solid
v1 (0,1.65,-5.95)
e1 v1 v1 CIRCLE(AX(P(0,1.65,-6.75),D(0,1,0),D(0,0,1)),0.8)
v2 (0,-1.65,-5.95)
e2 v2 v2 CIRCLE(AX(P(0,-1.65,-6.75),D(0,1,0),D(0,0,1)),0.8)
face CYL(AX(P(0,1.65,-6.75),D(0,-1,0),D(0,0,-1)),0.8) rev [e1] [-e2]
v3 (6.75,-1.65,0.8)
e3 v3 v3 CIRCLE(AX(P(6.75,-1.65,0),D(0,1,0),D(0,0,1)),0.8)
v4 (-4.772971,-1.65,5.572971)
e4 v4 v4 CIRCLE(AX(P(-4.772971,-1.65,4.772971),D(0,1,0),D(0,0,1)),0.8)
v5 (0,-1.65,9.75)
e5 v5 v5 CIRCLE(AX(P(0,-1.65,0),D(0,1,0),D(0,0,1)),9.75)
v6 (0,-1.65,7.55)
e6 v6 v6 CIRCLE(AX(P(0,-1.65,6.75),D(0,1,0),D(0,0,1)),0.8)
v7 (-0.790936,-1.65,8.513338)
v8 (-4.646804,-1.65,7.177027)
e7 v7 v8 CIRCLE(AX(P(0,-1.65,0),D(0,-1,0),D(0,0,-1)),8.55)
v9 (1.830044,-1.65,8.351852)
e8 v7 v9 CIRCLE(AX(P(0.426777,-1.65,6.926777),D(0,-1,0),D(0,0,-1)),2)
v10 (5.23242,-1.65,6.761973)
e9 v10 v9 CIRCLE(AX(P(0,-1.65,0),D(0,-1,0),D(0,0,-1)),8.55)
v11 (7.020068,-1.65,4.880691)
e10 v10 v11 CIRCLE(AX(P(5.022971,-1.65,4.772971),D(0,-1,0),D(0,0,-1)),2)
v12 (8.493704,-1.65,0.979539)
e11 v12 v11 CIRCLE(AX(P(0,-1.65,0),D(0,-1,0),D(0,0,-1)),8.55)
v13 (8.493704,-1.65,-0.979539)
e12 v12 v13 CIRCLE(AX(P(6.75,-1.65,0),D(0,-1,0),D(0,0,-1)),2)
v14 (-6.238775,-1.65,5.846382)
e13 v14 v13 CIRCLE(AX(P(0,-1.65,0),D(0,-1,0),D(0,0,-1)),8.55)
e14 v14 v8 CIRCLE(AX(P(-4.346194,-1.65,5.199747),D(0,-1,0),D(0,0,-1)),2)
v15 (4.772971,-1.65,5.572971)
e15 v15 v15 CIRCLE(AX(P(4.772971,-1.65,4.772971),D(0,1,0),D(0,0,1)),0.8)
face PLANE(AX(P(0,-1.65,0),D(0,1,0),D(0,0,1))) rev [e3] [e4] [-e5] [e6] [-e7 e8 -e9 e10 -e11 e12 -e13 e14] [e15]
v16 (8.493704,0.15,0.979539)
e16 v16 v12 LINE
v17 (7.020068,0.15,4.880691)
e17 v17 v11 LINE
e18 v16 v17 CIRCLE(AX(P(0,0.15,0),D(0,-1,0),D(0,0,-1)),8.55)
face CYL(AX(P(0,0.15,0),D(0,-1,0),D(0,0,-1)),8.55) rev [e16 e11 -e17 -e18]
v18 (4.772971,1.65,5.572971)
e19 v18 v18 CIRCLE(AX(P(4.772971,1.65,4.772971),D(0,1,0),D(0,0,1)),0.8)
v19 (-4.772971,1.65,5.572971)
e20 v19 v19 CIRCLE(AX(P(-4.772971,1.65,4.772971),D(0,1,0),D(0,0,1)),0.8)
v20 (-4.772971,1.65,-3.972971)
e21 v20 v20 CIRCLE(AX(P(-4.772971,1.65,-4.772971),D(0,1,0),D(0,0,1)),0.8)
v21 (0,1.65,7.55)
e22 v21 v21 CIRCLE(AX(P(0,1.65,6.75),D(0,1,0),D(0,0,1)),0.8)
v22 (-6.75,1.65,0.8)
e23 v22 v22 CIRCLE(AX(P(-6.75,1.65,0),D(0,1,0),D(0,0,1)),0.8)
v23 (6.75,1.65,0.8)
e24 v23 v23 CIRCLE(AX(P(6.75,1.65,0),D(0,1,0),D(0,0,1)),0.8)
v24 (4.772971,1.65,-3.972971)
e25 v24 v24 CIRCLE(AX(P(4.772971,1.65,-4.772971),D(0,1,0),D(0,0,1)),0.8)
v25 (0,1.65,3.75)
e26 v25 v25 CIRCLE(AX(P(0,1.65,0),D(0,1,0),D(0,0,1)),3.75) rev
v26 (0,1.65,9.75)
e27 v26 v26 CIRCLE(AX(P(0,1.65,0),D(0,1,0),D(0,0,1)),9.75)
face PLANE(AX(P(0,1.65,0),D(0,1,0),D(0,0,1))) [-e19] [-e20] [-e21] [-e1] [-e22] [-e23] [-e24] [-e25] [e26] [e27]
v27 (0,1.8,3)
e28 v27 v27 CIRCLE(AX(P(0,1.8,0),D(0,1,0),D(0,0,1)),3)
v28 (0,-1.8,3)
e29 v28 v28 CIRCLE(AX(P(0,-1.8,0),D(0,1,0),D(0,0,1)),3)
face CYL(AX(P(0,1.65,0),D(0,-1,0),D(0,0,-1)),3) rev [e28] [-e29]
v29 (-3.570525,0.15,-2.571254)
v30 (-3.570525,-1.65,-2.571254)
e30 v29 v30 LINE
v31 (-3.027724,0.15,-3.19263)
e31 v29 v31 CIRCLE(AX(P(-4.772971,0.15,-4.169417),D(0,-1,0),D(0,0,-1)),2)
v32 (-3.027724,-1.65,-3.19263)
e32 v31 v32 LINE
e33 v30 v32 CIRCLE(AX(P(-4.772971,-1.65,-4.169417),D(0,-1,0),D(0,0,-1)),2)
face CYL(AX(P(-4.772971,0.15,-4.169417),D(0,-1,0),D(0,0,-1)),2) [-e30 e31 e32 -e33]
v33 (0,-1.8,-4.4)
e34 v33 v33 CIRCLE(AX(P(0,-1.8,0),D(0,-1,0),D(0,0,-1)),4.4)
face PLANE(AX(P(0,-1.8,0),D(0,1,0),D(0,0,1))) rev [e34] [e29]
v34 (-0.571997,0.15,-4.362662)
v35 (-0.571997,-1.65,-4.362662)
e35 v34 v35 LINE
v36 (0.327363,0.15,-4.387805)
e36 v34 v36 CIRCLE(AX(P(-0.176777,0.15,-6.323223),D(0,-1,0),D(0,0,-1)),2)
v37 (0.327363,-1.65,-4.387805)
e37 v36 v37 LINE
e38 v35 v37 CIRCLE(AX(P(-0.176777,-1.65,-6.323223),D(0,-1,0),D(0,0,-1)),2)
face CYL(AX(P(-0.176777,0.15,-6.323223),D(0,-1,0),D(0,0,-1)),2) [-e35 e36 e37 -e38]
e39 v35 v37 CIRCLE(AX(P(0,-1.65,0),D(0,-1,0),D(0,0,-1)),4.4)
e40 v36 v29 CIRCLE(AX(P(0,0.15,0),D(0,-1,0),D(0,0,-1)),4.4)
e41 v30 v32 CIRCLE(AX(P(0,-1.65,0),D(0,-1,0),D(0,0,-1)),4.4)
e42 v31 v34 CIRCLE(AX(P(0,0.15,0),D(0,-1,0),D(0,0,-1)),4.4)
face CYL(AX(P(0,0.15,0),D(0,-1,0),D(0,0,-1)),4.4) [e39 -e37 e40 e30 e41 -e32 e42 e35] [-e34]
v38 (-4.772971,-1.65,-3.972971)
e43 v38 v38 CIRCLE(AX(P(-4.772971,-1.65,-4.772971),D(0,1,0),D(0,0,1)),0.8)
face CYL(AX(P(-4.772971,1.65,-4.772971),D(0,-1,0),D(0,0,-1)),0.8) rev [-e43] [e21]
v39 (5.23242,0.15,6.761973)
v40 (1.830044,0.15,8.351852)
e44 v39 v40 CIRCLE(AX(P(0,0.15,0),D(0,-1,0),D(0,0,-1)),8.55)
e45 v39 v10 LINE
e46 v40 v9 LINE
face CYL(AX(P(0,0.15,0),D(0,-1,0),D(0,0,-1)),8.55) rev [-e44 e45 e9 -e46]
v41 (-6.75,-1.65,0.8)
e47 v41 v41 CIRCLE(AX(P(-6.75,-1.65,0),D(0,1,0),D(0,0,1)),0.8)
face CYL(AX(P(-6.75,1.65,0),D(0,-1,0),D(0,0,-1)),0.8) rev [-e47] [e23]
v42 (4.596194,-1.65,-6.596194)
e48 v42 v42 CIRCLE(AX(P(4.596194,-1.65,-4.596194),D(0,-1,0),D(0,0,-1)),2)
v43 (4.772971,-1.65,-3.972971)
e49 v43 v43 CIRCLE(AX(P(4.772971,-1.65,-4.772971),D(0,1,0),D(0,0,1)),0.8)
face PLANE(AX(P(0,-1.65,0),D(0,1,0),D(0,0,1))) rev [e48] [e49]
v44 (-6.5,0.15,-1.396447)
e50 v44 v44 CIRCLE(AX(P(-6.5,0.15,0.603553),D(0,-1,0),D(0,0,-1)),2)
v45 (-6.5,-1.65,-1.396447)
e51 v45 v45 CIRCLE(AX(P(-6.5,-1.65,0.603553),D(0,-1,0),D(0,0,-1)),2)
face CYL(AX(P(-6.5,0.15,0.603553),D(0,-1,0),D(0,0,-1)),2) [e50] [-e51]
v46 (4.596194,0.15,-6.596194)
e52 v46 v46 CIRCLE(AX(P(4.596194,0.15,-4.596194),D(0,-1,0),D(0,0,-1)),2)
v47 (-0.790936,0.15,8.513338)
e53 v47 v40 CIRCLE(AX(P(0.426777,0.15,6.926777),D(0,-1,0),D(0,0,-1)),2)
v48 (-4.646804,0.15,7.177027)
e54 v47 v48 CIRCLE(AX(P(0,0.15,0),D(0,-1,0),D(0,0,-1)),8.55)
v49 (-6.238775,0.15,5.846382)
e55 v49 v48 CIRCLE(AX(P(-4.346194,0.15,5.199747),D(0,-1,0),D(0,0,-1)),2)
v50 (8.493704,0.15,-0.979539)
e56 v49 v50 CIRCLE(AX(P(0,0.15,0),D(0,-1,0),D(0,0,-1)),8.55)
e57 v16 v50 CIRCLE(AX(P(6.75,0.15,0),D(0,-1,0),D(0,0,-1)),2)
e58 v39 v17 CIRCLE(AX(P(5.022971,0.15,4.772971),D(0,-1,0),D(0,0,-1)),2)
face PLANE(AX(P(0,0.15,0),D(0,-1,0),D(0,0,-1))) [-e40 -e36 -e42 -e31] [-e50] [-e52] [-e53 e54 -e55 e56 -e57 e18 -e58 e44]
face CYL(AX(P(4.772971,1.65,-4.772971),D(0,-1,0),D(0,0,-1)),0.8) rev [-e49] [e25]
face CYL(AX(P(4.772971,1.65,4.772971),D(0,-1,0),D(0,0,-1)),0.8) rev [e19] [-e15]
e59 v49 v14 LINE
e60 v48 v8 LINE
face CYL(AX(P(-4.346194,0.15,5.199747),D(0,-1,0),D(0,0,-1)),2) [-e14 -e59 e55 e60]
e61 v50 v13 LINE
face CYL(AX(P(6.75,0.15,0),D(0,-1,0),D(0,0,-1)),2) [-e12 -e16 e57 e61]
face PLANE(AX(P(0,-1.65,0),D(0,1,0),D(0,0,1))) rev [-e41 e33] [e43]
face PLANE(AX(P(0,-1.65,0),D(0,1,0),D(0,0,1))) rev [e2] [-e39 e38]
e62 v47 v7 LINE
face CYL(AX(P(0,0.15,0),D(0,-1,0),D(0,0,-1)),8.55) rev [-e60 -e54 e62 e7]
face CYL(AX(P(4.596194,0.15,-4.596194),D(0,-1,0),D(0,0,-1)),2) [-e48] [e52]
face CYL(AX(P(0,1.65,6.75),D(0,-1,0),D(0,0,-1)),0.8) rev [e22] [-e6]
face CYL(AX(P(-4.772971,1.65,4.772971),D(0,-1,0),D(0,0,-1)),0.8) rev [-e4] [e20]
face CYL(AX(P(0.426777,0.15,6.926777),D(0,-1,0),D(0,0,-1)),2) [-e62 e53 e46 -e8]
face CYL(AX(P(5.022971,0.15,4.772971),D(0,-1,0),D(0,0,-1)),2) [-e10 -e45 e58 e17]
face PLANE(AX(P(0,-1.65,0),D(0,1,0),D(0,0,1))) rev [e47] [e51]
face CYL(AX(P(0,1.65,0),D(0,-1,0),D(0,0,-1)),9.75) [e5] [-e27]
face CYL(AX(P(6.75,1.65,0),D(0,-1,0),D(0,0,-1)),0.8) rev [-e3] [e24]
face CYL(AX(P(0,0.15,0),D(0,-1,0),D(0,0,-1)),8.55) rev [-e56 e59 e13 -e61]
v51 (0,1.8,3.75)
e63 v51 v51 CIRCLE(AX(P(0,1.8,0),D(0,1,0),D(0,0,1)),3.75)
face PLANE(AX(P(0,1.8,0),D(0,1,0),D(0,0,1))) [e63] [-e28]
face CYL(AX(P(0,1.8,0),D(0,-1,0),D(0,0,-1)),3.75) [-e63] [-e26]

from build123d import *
from build123d.topology import SkipClean

# Parameters (mm, degrees)
CROQUIS1_R              = 9.75
CROQUIS1_R_2            = 0.8
CROQUIS1_R_3            = 3
SALIENTE_EXTRUIR1_DEPTH = 1.65
CROQUIS1_3_R            = 3.75
CROQUIS1_3_R_2          = 3
SALIENTE_EXTRUIR2_DEPTH = 1.8
CROQUIS2_R              = 2
CORTAR_EXTRUIR3_DEPTH   = 1.8
SALIENTE_EXTRUIR3_START = 0.15
CROQUIS3_R              = 4.4
CROQUIS3_R_2            = 3
SALIENTE_EXTRUIR3_DEPTH = 0.15


with BuildPart() as part:
    # Croquis1 → Saliente-Extruir1 (new, symmetric)
    with BuildSketch(Plane(origin=(0, 0, 0), x_dir=(1, 0, 0), z_dir=(0, 1, 0))):
        Circle(CROQUIS1_R)
        with Locations((-4.772970773, -4.772970773)):
            Circle(CROQUIS1_R_2, mode=Mode.SUBTRACT)
        with Locations((0, -6.75)):
            Circle(CROQUIS1_R_2, mode=Mode.SUBTRACT)
        with Locations((4.772970773, -4.772970773)):
            Circle(CROQUIS1_R_2, mode=Mode.SUBTRACT)
        with Locations((-6.75, 0)):
            Circle(CROQUIS1_R_2, mode=Mode.SUBTRACT)
        with Locations((-4.772970773, 4.772970773)):
            Circle(CROQUIS1_R_2, mode=Mode.SUBTRACT)
        with Locations((4.772970773, 4.772970773)):
            Circle(CROQUIS1_R_2, mode=Mode.SUBTRACT)
        with Locations((6.75, 0)):
            Circle(CROQUIS1_R_2, mode=Mode.SUBTRACT)
        with Locations((0, 6.75)):
            Circle(CROQUIS1_R_2, mode=Mode.SUBTRACT)
        Circle(CROQUIS1_R_3, mode=Mode.SUBTRACT)
    extrude(amount=SALIENTE_EXTRUIR1_DEPTH, both=True)

    # Croquis1<3> → Saliente-Extruir2 (add, symmetric)
    with BuildSketch(Plane(origin=(0, 0, 0), x_dir=(1, 0, 0), z_dir=(0, 1, 0))):
        Circle(CROQUIS1_3_R)
        Circle(CROQUIS1_3_R_2, mode=Mode.SUBTRACT)
    extrude(amount=SALIENTE_EXTRUIR2_DEPTH, both=True)

    # Croquis2 → Cortar-Extruir3 (cut)
    with BuildSketch(Plane.XZ.offset(1.65)):
        with BuildLine():
            ThreePointArc((8.493703704, -0.979539378), (4.75, 0), (8.493703704, 0.979539378))
            ThreePointArc((8.493703704, 0.979539378), (7.998376267, 3.021336972), (7.02006773, 4.880691454))
            ThreePointArc((7.02006773, 4.880691454), (7.02224488, 4.826850669), (7.022970773, 4.772970773))
            ThreePointArc((7.022970773, 4.772970773), (3.536549224, 3.434856062), (5.232419794, 6.761973314))
            ThreePointArc((5.232419794, 6.761973314), (3.619603246, 7.746029457), (1.830044014, 8.351852424))
            ThreePointArc((1.830044014, 8.351852424), (2.27157135, 7.69926144), (2.426776695, 6.926776695))
            ThreePointArc((2.426776695, 6.926776695), (-0.457693454, 5.132978336), (-0.79093586, 8.513337798))
            ThreePointArc((-0.79093586, 8.513337798), (-2.79976514, 8.078602303), (-4.646803784, 7.177026863))
            ThreePointArc((-4.646803784, 7.177026863), (-3.042587429, 6.716523558), (-2.346194078, 5.199747468))
            ThreePointArc((-2.346194078, 5.199747468), (-4.673942073, 3.226784911), (-6.238775329, 5.846381992))
            ThreePointArc((-6.238775329, 5.846381992), (-3.594367278, -7.757771837), (8.493703704, -0.979539378))
        make_face()
        with BuildLine():
            ThreePointArc((0.327362602, -4.387805115), (1.405670554, -5.100169462), (1.823223305, -6.323223305))
            ThreePointArc((1.823223305, -6.323223305), (-1.443575646, -7.870873271), (-0.571997114, -4.362661951))
            ThreePointArc((-0.571997114, -4.362661951), (-1.892548808, -3.972185671), (-3.027723734, -3.192630419))
            ThreePointArc((-3.027723734, -3.192630419), (-2.837706698, -3.6646868), (-2.772970773, -4.169417382))
            ThreePointArc((-2.772970773, -4.169417382), (-6.562508569, -5.062476438), (-3.57052525, -2.571254448))
            ThreePointArc((-3.57052525, -2.571254448), (-1.350868035, 4.187499917), (4.4, 0))
            ThreePointArc((4.4, 0), (3.224933755, -2.993292882), (0.327362602, -4.387805115))
        make_face(mode=Mode.SUBTRACT)
        with Locations((4.596194078, -4.596194078)):
            Circle(CROQUIS2_R, mode=Mode.SUBTRACT)
        with Locations((-6.5, 0.603553391)):
            Circle(CROQUIS2_R, mode=Mode.SUBTRACT)
    extrude(amount=-CORTAR_EXTRUIR3_DEPTH, mode=Mode.SUBTRACT)

    # Croquis3 → Saliente-Extruir3 (add)
    with SkipClean():  # the faces are left unmerged after this step: merging them gives an invalid solid
        with BuildSketch(Plane.XZ.offset(1.65).offset(SALIENTE_EXTRUIR3_START)):
            Circle(CROQUIS3_R)
            Circle(CROQUIS3_R_2, mode=Mode.SUBTRACT)
        extrude(amount=-SALIENTE_EXTRUIR3_DEPTH)


solid = part.part
